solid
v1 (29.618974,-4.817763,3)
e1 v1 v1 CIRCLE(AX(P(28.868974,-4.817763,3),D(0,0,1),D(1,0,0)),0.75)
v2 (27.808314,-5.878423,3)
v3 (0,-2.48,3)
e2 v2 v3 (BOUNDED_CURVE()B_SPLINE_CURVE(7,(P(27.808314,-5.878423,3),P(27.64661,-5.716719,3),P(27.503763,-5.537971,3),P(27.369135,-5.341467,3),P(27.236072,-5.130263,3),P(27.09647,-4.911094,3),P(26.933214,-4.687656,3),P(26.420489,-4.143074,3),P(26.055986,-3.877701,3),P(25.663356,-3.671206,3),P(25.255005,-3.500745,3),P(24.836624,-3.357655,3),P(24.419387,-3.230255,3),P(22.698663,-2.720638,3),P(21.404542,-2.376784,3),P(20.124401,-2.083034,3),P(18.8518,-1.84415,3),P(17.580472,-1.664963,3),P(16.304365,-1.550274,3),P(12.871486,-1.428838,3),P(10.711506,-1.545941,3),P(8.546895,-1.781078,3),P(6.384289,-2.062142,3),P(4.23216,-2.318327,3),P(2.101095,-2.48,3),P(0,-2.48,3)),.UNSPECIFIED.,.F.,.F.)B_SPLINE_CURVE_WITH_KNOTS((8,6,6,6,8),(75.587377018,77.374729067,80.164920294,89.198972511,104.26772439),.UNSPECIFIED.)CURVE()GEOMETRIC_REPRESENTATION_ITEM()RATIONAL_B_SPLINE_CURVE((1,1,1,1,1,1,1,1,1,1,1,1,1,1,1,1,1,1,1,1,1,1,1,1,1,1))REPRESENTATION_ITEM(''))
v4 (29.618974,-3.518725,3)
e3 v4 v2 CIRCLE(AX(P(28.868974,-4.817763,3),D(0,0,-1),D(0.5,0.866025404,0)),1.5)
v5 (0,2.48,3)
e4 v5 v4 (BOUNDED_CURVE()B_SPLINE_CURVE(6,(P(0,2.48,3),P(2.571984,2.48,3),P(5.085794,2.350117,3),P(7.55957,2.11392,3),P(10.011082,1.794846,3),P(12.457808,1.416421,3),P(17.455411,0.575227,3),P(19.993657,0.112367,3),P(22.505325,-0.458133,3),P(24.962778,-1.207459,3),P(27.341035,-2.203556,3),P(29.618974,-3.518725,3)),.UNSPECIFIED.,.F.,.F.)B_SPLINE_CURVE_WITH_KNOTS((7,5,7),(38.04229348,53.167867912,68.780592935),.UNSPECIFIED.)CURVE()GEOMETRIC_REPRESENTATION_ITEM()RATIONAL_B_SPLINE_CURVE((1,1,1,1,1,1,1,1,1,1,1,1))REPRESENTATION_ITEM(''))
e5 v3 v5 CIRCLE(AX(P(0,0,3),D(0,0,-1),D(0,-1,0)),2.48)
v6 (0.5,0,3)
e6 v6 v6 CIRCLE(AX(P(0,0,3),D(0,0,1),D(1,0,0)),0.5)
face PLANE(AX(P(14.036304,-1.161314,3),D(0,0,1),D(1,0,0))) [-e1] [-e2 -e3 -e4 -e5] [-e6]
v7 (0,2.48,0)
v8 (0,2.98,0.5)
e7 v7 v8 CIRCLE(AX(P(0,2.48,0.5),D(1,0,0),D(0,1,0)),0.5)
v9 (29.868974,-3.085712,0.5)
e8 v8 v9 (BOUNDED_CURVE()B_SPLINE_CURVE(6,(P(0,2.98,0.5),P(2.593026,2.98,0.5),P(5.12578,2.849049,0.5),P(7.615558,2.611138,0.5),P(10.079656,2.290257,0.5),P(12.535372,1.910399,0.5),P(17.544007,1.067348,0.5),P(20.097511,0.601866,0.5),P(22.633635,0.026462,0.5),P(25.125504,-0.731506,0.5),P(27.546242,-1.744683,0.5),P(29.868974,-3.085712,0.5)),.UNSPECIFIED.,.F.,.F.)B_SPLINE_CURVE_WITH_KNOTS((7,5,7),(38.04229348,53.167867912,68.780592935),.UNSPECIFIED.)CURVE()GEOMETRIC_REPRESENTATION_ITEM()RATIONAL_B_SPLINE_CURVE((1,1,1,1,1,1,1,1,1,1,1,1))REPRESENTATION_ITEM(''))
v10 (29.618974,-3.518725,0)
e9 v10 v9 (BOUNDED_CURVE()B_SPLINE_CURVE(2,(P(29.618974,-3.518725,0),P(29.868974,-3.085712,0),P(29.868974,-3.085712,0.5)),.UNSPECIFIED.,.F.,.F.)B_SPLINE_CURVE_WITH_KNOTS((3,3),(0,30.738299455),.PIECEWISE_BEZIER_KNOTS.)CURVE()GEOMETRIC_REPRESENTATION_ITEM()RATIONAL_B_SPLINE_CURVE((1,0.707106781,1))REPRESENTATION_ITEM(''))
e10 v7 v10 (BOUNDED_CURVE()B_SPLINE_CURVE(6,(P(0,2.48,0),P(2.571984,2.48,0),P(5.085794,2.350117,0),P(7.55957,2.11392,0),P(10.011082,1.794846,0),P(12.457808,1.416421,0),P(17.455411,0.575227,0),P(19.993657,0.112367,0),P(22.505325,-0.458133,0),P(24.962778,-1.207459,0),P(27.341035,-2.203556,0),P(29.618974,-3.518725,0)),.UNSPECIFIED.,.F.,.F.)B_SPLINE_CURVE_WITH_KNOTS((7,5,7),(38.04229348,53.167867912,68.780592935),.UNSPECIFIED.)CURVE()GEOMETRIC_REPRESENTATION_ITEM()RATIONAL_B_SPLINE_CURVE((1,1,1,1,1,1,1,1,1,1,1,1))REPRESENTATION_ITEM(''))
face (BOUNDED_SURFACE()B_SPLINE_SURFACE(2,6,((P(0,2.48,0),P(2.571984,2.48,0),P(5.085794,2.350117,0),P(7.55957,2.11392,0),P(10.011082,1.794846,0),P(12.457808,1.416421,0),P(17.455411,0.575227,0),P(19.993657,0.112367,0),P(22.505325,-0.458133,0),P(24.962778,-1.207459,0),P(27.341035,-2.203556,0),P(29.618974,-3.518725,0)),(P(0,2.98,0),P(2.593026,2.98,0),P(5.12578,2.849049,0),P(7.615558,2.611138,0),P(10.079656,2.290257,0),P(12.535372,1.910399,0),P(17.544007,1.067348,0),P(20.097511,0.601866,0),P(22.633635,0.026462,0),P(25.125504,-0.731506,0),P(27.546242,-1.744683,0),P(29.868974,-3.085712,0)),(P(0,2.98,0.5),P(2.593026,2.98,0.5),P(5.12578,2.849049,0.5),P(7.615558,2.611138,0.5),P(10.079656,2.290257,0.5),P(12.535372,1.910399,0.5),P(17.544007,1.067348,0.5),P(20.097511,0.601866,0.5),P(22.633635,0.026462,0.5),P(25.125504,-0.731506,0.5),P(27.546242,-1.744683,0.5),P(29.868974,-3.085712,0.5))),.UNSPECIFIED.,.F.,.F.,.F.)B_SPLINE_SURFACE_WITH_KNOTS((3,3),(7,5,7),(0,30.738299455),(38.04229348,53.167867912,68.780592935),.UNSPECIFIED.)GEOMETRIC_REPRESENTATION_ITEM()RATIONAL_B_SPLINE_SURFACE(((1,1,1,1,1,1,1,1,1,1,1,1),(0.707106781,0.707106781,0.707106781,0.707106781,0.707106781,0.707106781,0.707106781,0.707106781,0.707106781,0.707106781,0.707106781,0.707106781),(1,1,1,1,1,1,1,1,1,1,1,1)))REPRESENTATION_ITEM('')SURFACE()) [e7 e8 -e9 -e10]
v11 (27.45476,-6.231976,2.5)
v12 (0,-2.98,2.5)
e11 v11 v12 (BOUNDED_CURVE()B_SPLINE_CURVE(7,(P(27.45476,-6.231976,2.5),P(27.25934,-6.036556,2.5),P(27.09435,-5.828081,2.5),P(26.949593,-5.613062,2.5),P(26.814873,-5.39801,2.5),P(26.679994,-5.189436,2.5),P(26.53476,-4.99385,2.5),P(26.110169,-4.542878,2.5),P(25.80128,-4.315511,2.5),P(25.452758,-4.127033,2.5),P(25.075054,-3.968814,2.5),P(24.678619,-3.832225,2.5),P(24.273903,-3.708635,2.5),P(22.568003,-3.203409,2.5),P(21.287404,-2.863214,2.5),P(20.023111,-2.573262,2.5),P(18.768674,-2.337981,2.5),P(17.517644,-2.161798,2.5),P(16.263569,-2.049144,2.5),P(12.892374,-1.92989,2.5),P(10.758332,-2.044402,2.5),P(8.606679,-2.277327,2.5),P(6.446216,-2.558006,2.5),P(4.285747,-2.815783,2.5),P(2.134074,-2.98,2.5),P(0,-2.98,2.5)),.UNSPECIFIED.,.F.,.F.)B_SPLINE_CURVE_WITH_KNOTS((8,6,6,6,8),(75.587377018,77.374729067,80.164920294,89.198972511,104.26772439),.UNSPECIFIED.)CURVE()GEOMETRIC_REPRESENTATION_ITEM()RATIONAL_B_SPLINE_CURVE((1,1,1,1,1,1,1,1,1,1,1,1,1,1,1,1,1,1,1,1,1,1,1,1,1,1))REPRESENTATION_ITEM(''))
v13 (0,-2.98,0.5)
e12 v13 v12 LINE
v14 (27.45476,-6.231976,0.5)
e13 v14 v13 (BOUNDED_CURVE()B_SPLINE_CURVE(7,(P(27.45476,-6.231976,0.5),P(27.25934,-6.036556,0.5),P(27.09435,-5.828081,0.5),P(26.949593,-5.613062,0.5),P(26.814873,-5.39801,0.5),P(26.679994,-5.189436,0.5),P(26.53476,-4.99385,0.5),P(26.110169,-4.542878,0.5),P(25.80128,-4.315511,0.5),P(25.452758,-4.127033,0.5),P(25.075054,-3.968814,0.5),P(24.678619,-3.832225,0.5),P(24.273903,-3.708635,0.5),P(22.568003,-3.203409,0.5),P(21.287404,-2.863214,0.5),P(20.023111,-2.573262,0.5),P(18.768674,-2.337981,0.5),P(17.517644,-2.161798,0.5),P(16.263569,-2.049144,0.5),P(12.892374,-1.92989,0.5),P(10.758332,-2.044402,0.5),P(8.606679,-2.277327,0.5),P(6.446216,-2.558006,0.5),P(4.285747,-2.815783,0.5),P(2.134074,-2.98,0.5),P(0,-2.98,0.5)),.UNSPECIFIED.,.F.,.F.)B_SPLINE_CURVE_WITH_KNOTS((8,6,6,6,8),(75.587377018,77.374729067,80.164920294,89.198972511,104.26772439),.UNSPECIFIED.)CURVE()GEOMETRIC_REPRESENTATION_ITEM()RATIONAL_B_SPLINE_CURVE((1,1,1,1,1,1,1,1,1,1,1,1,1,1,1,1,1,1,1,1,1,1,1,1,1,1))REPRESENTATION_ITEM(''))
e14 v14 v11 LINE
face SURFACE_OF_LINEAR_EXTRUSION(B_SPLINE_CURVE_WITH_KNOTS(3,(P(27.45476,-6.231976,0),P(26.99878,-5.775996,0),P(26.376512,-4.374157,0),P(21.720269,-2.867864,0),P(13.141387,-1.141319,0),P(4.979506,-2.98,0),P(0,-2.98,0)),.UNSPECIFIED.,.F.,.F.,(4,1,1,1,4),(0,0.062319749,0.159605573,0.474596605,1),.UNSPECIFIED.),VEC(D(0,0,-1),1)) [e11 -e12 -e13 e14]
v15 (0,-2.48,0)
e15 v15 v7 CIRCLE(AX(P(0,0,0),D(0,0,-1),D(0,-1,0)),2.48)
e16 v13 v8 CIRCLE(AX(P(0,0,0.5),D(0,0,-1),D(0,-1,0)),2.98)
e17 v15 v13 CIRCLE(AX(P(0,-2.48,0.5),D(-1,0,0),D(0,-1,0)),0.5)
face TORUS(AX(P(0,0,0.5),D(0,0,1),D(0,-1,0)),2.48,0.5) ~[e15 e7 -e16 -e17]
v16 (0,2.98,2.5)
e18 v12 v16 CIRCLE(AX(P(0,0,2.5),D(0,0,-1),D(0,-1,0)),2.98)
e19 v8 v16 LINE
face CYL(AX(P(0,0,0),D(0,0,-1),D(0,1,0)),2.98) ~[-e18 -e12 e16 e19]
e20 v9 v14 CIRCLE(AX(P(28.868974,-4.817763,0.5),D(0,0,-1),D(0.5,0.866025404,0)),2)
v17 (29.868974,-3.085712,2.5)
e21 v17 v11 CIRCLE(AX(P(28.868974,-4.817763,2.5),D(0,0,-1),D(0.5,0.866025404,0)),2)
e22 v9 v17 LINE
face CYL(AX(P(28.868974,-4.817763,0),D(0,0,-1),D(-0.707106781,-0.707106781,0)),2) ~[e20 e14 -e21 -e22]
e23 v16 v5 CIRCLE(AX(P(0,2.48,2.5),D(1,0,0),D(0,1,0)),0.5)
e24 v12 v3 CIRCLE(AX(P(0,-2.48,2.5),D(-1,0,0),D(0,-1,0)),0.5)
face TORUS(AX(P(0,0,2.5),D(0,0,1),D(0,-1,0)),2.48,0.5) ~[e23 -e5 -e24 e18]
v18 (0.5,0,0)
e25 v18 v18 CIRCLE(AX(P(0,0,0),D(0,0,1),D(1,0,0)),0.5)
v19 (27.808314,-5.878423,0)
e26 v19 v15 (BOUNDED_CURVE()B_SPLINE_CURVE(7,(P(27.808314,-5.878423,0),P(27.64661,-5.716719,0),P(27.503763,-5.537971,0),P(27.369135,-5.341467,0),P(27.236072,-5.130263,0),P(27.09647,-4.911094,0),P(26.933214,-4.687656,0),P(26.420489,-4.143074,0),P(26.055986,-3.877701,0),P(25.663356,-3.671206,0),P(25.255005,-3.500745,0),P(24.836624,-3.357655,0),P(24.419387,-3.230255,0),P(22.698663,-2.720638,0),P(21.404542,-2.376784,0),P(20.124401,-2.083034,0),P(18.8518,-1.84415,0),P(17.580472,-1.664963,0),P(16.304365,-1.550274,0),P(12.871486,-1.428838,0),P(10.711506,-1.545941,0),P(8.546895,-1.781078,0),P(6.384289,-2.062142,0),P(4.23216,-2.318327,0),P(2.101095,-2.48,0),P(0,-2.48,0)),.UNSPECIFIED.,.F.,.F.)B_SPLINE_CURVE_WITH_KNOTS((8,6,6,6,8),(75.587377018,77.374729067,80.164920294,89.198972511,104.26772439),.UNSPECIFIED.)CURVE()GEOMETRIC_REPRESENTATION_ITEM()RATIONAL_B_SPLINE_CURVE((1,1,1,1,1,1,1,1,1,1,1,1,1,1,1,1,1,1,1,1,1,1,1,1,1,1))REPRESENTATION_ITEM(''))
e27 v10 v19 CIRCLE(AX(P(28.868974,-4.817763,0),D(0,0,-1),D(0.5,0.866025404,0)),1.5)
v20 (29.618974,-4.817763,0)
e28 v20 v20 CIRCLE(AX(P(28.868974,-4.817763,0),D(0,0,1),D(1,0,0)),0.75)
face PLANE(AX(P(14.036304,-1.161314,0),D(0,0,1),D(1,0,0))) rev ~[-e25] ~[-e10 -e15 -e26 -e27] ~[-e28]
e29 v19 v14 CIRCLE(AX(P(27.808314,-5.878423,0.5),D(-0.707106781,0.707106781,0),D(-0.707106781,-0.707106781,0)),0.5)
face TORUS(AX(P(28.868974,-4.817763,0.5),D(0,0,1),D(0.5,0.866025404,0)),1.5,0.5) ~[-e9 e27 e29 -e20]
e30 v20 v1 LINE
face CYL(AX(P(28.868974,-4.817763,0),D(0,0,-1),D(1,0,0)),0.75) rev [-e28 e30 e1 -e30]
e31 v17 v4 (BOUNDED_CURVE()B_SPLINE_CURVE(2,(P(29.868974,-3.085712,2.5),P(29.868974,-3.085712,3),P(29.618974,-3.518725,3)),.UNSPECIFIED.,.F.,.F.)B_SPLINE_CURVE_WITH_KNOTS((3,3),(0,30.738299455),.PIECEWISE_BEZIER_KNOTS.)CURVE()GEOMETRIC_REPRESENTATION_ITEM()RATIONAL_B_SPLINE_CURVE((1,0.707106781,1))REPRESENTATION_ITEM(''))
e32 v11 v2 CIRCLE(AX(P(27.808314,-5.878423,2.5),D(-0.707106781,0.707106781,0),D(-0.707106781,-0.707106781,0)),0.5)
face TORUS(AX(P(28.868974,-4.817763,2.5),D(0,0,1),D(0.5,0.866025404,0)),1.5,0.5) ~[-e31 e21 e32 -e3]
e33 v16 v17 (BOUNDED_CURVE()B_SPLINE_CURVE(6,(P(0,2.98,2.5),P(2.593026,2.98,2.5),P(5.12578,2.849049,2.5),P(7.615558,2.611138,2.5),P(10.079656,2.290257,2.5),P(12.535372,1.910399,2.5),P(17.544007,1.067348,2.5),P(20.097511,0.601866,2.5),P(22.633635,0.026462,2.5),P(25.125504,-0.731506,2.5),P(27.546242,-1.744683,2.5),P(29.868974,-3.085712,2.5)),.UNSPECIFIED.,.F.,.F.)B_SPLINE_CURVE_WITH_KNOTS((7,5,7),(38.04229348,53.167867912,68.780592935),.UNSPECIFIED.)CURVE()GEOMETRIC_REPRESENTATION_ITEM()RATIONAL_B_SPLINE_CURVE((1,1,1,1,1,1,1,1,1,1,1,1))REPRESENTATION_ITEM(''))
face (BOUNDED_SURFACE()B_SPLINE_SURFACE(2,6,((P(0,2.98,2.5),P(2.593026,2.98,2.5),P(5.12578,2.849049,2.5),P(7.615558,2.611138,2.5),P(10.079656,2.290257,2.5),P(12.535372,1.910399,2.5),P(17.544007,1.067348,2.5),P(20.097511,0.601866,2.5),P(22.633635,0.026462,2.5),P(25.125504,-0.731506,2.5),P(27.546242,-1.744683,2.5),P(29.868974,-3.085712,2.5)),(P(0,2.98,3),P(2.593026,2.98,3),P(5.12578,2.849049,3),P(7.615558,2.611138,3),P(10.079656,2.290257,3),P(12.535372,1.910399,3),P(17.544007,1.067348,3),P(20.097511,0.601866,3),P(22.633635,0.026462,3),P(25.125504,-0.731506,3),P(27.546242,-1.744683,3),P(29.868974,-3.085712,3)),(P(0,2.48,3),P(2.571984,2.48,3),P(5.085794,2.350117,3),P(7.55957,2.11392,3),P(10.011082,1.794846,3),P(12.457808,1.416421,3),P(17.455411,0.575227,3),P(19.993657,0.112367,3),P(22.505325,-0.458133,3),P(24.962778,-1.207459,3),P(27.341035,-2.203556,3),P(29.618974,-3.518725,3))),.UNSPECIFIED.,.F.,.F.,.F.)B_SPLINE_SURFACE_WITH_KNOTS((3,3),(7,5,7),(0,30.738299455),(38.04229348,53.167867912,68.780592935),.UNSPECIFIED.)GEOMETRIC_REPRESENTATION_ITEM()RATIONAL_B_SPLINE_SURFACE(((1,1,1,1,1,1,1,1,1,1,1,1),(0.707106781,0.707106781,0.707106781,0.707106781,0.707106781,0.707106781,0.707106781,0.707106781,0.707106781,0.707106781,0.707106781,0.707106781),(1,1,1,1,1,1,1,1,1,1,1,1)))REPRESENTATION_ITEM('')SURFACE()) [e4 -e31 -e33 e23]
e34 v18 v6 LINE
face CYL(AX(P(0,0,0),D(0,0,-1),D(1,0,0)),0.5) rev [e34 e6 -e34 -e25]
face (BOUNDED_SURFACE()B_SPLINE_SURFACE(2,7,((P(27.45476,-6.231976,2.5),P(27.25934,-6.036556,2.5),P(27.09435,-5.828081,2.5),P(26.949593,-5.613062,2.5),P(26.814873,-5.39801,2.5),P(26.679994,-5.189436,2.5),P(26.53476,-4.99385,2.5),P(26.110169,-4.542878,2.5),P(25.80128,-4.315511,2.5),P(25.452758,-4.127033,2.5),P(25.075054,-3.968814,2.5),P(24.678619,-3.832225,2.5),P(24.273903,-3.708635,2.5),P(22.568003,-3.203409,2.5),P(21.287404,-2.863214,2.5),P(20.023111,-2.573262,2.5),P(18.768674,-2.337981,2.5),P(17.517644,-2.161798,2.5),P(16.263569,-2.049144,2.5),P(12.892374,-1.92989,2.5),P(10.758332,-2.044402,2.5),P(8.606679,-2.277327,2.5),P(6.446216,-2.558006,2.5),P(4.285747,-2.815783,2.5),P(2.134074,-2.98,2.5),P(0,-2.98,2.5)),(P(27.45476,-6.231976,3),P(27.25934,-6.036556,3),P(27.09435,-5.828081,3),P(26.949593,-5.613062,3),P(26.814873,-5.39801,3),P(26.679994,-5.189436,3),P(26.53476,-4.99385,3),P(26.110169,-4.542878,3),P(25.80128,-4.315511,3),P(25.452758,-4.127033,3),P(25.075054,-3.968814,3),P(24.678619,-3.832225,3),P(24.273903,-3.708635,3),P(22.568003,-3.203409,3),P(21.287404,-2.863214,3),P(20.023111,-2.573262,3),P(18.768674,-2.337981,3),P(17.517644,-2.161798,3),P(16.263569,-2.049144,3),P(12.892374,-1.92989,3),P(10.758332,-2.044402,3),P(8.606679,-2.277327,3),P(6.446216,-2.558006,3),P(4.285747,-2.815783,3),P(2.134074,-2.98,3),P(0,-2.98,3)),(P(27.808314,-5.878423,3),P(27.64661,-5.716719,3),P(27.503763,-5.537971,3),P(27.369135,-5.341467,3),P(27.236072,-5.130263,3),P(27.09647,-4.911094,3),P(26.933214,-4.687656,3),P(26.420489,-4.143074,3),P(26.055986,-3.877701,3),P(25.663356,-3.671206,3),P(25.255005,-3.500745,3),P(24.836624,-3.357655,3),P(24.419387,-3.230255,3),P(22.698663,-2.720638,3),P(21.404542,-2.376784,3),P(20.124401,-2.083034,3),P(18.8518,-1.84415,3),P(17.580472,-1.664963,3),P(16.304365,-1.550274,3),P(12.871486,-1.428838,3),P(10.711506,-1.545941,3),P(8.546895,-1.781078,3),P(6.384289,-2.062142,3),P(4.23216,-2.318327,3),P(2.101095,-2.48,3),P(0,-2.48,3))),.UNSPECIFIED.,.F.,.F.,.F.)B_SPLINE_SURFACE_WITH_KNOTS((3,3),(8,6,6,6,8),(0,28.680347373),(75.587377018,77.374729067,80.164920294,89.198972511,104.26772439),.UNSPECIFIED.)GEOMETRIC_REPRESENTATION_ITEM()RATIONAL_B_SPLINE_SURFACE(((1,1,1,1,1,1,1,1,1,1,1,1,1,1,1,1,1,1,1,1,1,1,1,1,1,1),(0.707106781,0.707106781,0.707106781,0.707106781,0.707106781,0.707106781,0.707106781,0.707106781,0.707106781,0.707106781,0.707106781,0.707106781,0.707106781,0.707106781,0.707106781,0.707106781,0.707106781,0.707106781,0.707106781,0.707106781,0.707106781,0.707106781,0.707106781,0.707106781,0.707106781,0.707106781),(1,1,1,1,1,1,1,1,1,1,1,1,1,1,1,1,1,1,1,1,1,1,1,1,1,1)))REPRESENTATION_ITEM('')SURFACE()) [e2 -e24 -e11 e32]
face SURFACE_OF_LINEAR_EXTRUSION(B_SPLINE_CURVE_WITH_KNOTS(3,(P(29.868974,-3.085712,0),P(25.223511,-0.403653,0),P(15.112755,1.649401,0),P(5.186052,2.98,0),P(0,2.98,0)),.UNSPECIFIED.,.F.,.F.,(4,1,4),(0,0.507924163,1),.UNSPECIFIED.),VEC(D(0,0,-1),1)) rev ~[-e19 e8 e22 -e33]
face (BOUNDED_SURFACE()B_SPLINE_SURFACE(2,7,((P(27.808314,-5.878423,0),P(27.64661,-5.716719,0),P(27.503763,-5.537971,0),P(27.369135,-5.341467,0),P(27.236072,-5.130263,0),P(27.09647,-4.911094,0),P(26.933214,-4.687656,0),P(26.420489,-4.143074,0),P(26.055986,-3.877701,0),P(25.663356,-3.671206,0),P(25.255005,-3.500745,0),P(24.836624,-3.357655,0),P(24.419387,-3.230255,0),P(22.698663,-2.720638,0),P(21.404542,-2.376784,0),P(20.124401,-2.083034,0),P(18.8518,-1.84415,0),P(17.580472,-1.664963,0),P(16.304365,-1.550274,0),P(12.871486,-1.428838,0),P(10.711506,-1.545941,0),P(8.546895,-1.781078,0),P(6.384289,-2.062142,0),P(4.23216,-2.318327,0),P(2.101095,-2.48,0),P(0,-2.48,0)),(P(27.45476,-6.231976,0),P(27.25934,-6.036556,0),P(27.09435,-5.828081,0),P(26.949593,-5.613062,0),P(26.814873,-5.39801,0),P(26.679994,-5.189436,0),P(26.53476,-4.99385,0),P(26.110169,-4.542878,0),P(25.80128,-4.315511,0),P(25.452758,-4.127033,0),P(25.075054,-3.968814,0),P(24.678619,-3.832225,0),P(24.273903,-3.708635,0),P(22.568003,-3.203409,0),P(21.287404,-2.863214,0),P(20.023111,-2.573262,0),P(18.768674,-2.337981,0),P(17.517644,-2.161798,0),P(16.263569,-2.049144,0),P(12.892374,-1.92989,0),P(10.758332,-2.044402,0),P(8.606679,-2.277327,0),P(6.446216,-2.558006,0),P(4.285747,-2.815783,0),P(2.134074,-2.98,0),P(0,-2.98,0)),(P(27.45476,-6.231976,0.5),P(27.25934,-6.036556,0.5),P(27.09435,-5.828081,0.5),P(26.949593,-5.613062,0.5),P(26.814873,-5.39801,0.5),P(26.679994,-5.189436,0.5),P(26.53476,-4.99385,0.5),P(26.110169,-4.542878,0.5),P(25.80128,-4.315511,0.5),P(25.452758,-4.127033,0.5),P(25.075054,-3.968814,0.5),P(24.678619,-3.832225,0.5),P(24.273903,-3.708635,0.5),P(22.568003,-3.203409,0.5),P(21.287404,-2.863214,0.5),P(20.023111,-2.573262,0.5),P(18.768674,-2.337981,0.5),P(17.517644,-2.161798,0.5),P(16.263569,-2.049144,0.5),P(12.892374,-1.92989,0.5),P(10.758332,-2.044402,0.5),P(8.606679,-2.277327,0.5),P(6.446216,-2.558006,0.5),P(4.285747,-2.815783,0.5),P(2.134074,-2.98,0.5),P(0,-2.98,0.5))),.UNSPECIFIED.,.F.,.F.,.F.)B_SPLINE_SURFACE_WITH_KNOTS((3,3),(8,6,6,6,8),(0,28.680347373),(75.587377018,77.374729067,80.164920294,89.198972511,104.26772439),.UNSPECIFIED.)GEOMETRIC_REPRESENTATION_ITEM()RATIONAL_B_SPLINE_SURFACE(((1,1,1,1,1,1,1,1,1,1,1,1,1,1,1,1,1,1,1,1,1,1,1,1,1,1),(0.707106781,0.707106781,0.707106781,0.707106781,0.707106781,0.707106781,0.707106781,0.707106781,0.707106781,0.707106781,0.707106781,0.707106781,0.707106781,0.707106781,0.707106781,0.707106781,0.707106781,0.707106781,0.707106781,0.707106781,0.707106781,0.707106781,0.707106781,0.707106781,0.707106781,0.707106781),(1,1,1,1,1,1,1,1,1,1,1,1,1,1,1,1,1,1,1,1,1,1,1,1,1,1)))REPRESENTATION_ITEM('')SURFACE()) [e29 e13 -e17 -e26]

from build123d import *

# Parameters (mm, degrees)
CROQUIS1_R              = 0.5
CROQUIS1_R_2            = 0.75
SALIENTE_EXTRUIR1_DEPTH = 3
REDONDEO1_R             = 0.5
REDONDEO2_R             = 0.5


with BuildPart() as part:
    # Croquis1 → Saliente-Extruir1 (new body)
    with BuildSketch(Plane.XY):
        with BuildLine():
            ThreePointArc((0, 2.98), (-2.98, 0), (0, -2.98))
            add(Edge.make_bspline(
                [(27.45476023, -6.231976479), (26.998779658, -5.775995908), (26.376511814, -4.374157261), (21.720268516, -2.867863683), (13.141386563, -1.141319481), (4.979505917, -2.98), (0, -2.98)],
                knots=[0, 0, 0, 0, 0.062319749, 0.159605573, 0.474596605, 1, 1, 1, 1], degree=3))
            ThreePointArc((27.45476023, -6.231976479), (30.455680473, -6.035285775), (29.868973792, -3.08571211))
            add(Edge.make_bspline(
                [(29.868973792, -3.08571211), (25.223510958, -0.403652891), (15.112755473, 1.649400545), (5.186052197, 2.98), (0, 2.98)],
                knots=[0, 0, 0, 0, 0.507924163, 1, 1, 1, 1], degree=3))
        make_face()
        Circle(CROQUIS1_R, mode=Mode.SUBTRACT)
        with Locations((28.868973792, -4.817762917)):
            Circle(CROQUIS1_R_2, mode=Mode.SUBTRACT)
    extrude(amount=SALIENTE_EXTRUIR1_DEPTH)

    # Redondeo1
    redondeo1_edges = [part.edges().sort_by_distance(p)[0] for p in [
        (14.297941991, -1.988348496, 3),
        (30.455680473, -6.035285775, 3),
        (15.273685882, 1.449306751, 3),
        (-2.98, 0, 3),
    ]]
    fillet(redondeo1_edges, radius=REDONDEO1_R)

    # Redondeo2
    redondeo2_edges = [part.edges().sort_by_distance(p)[0] for p in [
        (14.297941991, -1.988348496, 0),
        (-2.98, 0, 0),
        (15.273685882, 1.449306751, 0),
        (30.455680473, -6.035285775, 0),
    ]]
    fillet(redondeo2_edges, radius=REDONDEO2_R)


solid = part.part
